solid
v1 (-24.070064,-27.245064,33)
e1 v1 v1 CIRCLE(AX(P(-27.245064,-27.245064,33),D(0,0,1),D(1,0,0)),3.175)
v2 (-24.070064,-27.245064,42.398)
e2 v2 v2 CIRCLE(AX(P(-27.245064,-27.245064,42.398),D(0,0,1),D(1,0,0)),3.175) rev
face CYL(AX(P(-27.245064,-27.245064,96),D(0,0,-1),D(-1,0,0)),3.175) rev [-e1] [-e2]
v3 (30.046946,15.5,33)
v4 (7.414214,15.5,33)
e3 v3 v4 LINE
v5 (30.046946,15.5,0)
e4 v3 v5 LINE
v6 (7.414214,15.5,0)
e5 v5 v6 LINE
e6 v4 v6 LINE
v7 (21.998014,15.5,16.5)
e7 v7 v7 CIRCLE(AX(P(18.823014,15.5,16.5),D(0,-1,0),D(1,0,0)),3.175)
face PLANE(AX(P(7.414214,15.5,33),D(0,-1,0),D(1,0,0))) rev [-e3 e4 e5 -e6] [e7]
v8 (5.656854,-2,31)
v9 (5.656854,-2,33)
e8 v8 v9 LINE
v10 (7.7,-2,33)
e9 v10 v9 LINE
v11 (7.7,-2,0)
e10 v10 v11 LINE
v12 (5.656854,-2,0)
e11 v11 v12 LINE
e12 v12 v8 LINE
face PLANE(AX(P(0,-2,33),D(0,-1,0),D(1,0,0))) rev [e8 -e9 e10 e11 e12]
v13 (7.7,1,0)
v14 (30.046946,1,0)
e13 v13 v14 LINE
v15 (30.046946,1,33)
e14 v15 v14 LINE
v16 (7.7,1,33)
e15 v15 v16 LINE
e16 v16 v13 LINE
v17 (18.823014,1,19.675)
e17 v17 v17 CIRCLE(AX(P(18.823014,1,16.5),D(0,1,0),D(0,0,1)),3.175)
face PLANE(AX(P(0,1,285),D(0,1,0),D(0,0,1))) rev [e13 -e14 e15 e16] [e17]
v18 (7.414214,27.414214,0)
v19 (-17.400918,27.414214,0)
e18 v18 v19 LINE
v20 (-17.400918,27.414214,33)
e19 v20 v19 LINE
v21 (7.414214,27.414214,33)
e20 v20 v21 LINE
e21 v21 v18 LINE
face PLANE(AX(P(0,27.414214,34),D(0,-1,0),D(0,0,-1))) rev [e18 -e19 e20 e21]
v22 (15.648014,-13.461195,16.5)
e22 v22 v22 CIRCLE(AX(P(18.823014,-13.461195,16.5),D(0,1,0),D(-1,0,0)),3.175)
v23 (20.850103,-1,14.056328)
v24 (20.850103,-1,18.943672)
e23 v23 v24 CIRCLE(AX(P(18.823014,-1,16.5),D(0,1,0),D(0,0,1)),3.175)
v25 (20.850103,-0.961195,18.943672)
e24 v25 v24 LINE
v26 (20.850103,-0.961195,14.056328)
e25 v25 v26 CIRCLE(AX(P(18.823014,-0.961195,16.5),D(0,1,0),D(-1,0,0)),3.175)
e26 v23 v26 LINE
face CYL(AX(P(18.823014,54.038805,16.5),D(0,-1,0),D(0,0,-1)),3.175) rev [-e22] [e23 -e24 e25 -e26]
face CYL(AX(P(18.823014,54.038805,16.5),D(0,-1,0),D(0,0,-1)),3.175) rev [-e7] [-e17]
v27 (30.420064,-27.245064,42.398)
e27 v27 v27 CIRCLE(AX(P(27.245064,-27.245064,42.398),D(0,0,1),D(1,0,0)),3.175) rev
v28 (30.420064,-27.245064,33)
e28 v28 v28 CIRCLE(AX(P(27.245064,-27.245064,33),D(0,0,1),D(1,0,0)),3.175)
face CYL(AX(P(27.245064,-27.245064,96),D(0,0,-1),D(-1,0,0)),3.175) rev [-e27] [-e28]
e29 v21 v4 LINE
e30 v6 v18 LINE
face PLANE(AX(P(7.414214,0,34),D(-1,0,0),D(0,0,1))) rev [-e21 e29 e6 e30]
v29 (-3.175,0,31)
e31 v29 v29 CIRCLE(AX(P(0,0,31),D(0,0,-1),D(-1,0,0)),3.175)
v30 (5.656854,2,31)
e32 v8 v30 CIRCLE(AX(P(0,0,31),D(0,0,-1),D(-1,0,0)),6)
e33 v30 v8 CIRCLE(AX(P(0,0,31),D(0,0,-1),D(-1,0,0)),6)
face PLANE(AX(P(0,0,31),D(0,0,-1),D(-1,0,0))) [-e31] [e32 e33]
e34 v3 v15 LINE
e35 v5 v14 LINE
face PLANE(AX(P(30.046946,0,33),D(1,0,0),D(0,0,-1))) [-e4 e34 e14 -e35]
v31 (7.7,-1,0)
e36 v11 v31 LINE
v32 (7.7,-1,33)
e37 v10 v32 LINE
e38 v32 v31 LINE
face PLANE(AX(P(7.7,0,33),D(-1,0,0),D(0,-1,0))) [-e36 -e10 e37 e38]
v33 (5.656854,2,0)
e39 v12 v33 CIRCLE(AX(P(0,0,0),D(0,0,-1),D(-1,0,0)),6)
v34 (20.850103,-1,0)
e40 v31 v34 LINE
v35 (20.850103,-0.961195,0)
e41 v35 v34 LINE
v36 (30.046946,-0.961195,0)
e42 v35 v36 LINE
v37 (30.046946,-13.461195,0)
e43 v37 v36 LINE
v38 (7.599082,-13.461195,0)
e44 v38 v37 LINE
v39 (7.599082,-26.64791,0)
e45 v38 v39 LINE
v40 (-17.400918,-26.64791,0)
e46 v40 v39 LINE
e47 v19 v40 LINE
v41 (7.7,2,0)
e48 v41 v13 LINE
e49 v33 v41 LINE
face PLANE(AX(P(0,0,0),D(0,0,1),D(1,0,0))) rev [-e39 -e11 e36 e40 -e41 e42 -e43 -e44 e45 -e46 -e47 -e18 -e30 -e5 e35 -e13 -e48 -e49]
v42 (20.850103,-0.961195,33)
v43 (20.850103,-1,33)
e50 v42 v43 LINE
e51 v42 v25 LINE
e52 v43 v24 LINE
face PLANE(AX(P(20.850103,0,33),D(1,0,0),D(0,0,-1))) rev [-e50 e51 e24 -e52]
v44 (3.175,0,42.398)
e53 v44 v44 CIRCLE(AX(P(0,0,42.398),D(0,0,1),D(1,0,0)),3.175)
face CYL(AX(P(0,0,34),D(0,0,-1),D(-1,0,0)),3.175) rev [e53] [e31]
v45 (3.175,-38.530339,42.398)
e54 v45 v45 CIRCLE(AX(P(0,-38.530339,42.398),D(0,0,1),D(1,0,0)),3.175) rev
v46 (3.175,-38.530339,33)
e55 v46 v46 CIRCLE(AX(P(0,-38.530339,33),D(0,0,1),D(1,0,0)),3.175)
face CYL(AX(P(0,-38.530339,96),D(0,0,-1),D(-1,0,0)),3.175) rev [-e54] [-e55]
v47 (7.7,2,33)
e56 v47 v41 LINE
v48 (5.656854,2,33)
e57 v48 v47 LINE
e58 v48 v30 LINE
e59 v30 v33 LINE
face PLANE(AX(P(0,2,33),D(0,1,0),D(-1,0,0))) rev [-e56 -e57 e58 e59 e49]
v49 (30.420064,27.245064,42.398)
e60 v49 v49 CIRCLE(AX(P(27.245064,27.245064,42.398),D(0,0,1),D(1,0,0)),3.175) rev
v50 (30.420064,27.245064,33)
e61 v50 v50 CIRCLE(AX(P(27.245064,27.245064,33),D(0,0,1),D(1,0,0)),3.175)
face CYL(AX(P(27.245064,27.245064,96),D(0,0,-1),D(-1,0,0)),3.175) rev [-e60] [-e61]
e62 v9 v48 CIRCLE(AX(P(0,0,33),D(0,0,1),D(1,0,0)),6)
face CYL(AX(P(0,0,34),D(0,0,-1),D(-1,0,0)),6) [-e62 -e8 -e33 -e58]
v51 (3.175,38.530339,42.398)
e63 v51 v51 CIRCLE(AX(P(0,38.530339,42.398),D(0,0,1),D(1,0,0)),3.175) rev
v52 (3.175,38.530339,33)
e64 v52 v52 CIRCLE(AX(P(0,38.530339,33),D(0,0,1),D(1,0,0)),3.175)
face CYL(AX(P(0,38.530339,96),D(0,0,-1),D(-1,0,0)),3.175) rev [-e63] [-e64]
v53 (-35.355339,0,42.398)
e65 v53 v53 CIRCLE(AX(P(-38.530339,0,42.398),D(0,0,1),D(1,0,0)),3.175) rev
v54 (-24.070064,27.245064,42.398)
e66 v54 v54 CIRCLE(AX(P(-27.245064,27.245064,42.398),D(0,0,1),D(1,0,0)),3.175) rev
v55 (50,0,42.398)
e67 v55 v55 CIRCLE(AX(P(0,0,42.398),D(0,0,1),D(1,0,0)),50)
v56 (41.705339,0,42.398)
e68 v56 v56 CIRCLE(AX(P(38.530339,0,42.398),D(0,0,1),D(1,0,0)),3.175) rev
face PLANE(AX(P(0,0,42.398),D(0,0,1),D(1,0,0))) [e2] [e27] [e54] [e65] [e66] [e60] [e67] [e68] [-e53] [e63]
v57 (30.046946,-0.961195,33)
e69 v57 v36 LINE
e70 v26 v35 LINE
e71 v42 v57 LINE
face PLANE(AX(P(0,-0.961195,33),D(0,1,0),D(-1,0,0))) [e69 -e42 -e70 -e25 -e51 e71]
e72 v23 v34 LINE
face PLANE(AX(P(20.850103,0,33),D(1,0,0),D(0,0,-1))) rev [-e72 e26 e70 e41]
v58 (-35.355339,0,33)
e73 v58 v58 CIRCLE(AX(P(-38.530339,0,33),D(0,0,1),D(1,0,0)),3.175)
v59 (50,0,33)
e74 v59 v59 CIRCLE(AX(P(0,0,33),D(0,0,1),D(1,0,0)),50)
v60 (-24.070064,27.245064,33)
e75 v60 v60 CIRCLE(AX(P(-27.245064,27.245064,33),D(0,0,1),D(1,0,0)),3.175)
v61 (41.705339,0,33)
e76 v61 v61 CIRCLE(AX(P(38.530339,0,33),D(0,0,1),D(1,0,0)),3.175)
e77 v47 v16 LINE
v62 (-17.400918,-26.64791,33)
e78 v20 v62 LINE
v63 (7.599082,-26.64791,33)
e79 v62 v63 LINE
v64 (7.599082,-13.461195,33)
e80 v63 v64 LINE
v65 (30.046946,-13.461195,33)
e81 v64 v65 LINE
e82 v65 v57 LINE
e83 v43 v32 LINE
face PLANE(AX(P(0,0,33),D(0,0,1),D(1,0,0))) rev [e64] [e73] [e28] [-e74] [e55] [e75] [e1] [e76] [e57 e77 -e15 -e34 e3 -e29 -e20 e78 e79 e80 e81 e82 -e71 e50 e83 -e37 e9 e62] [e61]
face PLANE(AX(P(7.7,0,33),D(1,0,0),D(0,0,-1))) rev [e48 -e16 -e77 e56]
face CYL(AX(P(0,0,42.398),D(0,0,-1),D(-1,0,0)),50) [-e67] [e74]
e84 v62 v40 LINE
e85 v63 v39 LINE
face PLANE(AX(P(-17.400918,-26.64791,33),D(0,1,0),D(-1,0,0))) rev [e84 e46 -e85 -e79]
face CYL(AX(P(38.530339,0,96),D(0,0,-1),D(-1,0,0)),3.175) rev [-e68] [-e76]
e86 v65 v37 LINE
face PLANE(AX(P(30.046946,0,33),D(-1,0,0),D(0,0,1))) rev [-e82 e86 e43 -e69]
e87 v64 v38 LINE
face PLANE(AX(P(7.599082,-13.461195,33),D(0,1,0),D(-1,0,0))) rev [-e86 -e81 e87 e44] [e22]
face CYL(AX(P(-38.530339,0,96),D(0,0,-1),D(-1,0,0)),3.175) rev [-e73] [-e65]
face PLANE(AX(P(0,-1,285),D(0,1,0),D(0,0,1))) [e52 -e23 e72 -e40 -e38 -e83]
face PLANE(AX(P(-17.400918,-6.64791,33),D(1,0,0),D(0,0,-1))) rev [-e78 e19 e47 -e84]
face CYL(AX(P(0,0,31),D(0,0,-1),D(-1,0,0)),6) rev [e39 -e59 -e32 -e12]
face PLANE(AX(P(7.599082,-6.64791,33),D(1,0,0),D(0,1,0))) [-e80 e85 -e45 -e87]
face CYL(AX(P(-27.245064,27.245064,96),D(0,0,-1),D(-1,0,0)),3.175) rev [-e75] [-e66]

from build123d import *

# Parameters (mm, degrees)
SKETCH_1_W           = 30
SKETCH_1_H           = 14.828427124
EXTRUDE_2_DEPTH      = 33
CUT_EXTRUDE_9_DEPTH  = 46
CUT_EXTRUDE_10_DEPTH = 30
CUT_EXTRUDE_12_DEPTH = 40
CUT_EXTRUDE_13_DEPTH = 46
CUT_EXTRUDE_18_DEPTH = 285
SKETCH_12_R          = 50
EXTRUDE_7_DEPTH      = 9.398
SKETCH_12_5_R        = 3.175
CUT_EXTRUDE_27_DEPTH = 63
SKETCH_20_R          = 6
SKETCH_20_R_2        = 3.175
EXTRUDE_9_DEPTH      = 3
SKETCH_1_26_W        = 11
SKETCH_1_26_H        = 2
CUT_EXTRUDE_29_DEPTH = 31
SKETCH_1_27_W        = 11
SKETCH_1_27_H        = 2
CUT_EXTRUDE_30_DEPTH = 33
CUT_EXTRUDE_31_DEPTH = 33
CUT_EXTRUDE_32_DEPTH = 33
SKETCH_21_R          = 6
SKETCH_21_R_2        = 3.175
EXTRUDE_11_DEPTH     = 34
SKETCH_21_5_R        = 6
SKETCH_21_5_R_2      = 3.175
CUT_EXTRUDE_34_DEPTH = 31
SKETCH_22_R          = 3.175
CUT_EXTRUDE_35_DEPTH = 31
SKETCH_24_W          = 25
SKETCH_24_H          = 20
EXTRUDE_12_DEPTH     = 33
EXTRUDE_13_DEPTH     = 34
SKETCH_25_W          = 9.1968428
SKETCH_25_H          = 2.038804585
SKETCH_25_H_2        = 2
EXTRUDE_14_DEPTH     = 33
EXTRUDE_15_DEPTH     = 36
SKETCH_28_W          = 22.632732516
SKETCH_28_H          = 2.5
SKETCH_28_W_2        = 22.447864345
CUT_EXTRUDE_43_DEPTH = 33
SKETCH_1_32_W        = 0.7
SKETCH_1_32_H        = 1
CUT_EXTRUDE_45_DEPTH = 33
SKETCH_27_R          = 3.175
CUT_EXTRUDE_46_DEPTH = 70


with BuildPart() as part:
    # 草图1 → 凸台-拉伸2 (new body)
    with BuildSketch(Plane.XY):
        with Locations((7.585786438, 0)):
            Rectangle(SKETCH_1_W, SKETCH_1_H)
    extrude(amount=EXTRUDE_2_DEPTH)

    # 草图1<11> → 切除-拉伸9 (cut)
    with BuildSketch(Plane.XY):
        with BuildLine():
            Line((0, -2), (0, 0))
            Line((0, 0), (-6, 0))
            ThreePointArc((-6, 0), (-4.242640687, -4.242640687), (0, -6))
            ThreePointArc((0, -6), (3.464101615, -4.898979486), (5.656854249, -2))
            Line((5.656854249, -2), (0, -2))
        make_face()
    extrude(amount=CUT_EXTRUDE_9_DEPTH, mode=Mode.SUBTRACT)

    # 草图1<12> → 切除-拉伸10 (cut)
    with BuildSketch(Plane.XY):
        with BuildLine():
            Line((-6, 0), (0, 0))
            Line((0, 0), (0, 2))
            Line((0, 2), (0, 6))
            ThreePointArc((0, 6), (-4.242640687, 4.242640687), (-6, 0))
        make_face()
    extrude(amount=CUT_EXTRUDE_10_DEPTH, mode=Mode.SUBTRACT)

    # 草图1<14> → 切除-拉伸12 (cut)
    with BuildSketch(Plane.XY):
        with BuildLine():
            Line((6, 0), (0, 0))
            Line((0, 0), (0, -2))
            Line((0, -2), (5.656854249, -2))
            ThreePointArc((5.656854249, -2), (5.913591358, -1.014611872), (6, 0))
        make_face()
    extrude(amount=CUT_EXTRUDE_12_DEPTH, mode=Mode.SUBTRACT)

    # 草图1<15> → 切除-拉伸13 (cut)
    with BuildSketch(Plane.XY):
        with BuildLine():
            Line((0, 6), (0, 2))
            Line((0, 2), (5.656854249, 2))
            ThreePointArc((5.656854249, 2), (3.464101615, 4.898979486), (0, 6))
        make_face()
    extrude(amount=CUT_EXTRUDE_13_DEPTH, mode=Mode.SUBTRACT)

    # 草图1<20> → 切除-拉伸18 (cut)
    with BuildSketch(Plane.XY):
        with BuildLine():
            ThreePointArc((7.414213562, 7.414213562), (9.005239827, 5.370919954), (10.046946078, 3))
            Line((10.046946078, 3), (18, 3))
            Line((18, 3), (20.850103278, 3))
            Line((20.850103278, 3), (20.850103278, 1))
            Line((20.850103278, 1), (18, 1))
            Line((18, 1), (18, -1))
            Line((18, -1), (20.850103278, -1))
            Line((20.850103278, -1), (20.850103278, -3))
            Line((20.850103278, -3), (18, -3))
            Line((18, -3), (10.046946078, -3))
            ThreePointArc((10.046946078, -3), (9.005239827, -5.370919954), (7.414213562, -7.414213562))
            Line((7.414213562, -7.414213562), (22.585786438, -7.414213562))
            Line((22.585786438, -7.414213562), (22.585786438, 7.414213562))
            Line((22.585786438, 7.414213562), (7.414213562, 7.414213562))
        make_face()
    extrude(amount=CUT_EXTRUDE_18_DEPTH, mode=Mode.SUBTRACT)

    # 草图12 → 凸台-拉伸7 (add)
    with BuildSketch(Plane.XY.offset(33)):
        Circle(SKETCH_12_R)
    extrude(amount=EXTRUDE_7_DEPTH)

    # 草图12<5> → 切除-拉伸27 (cut)
    with BuildSketch(Plane.XY.offset(33)):
        with Locations((0, 38.530339059)):
            Circle(SKETCH_12_5_R)
        with Locations((-27.24506403, 27.24506403)):
            Circle(SKETCH_12_5_R)
        with Locations((27.24506403, -27.24506403)):
            Circle(SKETCH_12_5_R)
        with Locations((-38.530339059, 0)):
            Circle(SKETCH_12_5_R)
        with Locations((38.530339059, 0)):
            Circle(SKETCH_12_5_R)
        with Locations((0, -38.530339059)):
            Circle(SKETCH_12_5_R)
        with Locations((-27.24506403, -27.24506403)):
            Circle(SKETCH_12_5_R)
        with Locations((27.24506403, 27.24506403)):
            Circle(SKETCH_12_5_R)
    extrude(amount=CUT_EXTRUDE_27_DEPTH, mode=Mode.SUBTRACT)

    # 草图20 → 凸台-拉伸9 (add)
    with BuildSketch(Plane(origin=(0, 0, 0), x_dir=(-1, 0, 0), z_dir=(0, 0, -1))):
        Circle(SKETCH_20_R)
        Circle(SKETCH_20_R_2, mode=Mode.SUBTRACT)
    extrude(amount=-EXTRUDE_9_DEPTH)

    # 草图1<26> → 切除-拉伸29 (cut)
    with BuildSketch(Plane.XY):
        with Locations((12.5, 0)):
            Rectangle(SKETCH_1_26_W, SKETCH_1_26_H)
    extrude(amount=CUT_EXTRUDE_29_DEPTH, mode=Mode.SUBTRACT)

    # 草图1<27> → 切除-拉伸30 (cut)
    with BuildSketch(Plane.XY):
        with BuildLine():
            Line((0, 2), (0, 0))
            Line((0, 0), (6, 0))
            ThreePointArc((6, 0), (5.913591358, 1.014611872), (5.656854249, 2))
            Line((5.656854249, 2), (0, 2))
        make_face()
        with Locations((12.5, 0)):
            Rectangle(SKETCH_1_27_W, SKETCH_1_27_H)
    extrude(amount=CUT_EXTRUDE_30_DEPTH, mode=Mode.SUBTRACT)

    # 草图1<28> → 切除-拉伸31 (cut)
    with BuildSketch(Plane.XY):
        with BuildLine():
            Line((6, 0), (0, 0))
            Line((0, 0), (0, -2))
            Line((0, -2), (7, -2))
            Line((7, -2), (7, 2))
            Line((7, 2), (5.656854249, 2))
            ThreePointArc((5.656854249, 2), (5.913591358, 1.014611872), (6, 0))
        make_face()
        with BuildLine():
            Line((-6, 0), (0, 0))
            Line((0, 0), (0, 6))
            ThreePointArc((0, 6), (-4.242640687, 4.242640687), (-6, 0))
        make_face()
    extrude(amount=CUT_EXTRUDE_31_DEPTH, mode=Mode.SUBTRACT)

    # 草图1<29> → 切除-拉伸32 (cut)
    with BuildSketch(Plane.XY):
        with BuildLine():
            Line((0, -2), (0, 0))
            Line((0, 0), (-6, 0))
            ThreePointArc((-6, 0), (-1.014611872, -5.913591358), (5.656854249, -2))
            Line((5.656854249, -2), (0, -2))
        make_face()
        with BuildLine():
            Line((0, 6), (0, 2))
            Line((0, 2), (5.656854249, 2))
            ThreePointArc((5.656854249, 2), (3.464101615, 4.898979486), (0, 6))
        make_face()
    extrude(amount=CUT_EXTRUDE_32_DEPTH, mode=Mode.SUBTRACT)

    # 草图21 → 凸台-拉伸11 (add)
    with BuildSketch(Plane(origin=(0, 0, 0), x_dir=(-1, 0, 0), z_dir=(0, 0, -1))):
        Circle(SKETCH_21_R)
        Circle(SKETCH_21_R_2, mode=Mode.SUBTRACT)
    extrude(amount=-EXTRUDE_11_DEPTH)

    # 草图21<5> → 切除-拉伸34 (cut)
    with BuildSketch(Plane(origin=(0, 0, 0), x_dir=(-1, 0, 0), z_dir=(0, 0, -1))):
        Circle(SKETCH_21_5_R)
        Circle(SKETCH_21_5_R_2, mode=Mode.SUBTRACT)
    extrude(amount=-CUT_EXTRUDE_34_DEPTH, mode=Mode.SUBTRACT)

    # 草图22 → 切除-拉伸35 (cut)
    with BuildSketch(Plane(origin=(0, 0, 33), x_dir=(-1, 0, 0), z_dir=(0, 0, -1))):
        Circle(SKETCH_22_R)
    extrude(amount=-CUT_EXTRUDE_35_DEPTH, mode=Mode.SUBTRACT)

    # 草图24 → 凸台-拉伸12 (add)
    with BuildSketch(Plane(origin=(0, 0, 0), x_dir=(-1, 0, 0), z_dir=(0, 0, -1))):
        with Locations((4.900918267, -16.64791006)):
            Rectangle(SKETCH_24_W, SKETCH_24_H)
    extrude(amount=-EXTRUDE_12_DEPTH)

    # 草图24<3> → 凸台-拉伸13 (add)
    with BuildSketch(Plane(origin=(0, 0, 0), x_dir=(-1, 0, 0), z_dir=(0, 0, -1))):
        Polygon((-7.414213562, 27.414213562), (-7.414213562, 7.414213562), (7.414213562, 7.414213562), (7.414213562, -6.64791006), (17.400918267, -6.64791006), (17.400918267, 27.414213562), align=None)
    extrude(amount=-EXTRUDE_13_DEPTH)

    # 草图25 → 凸台-拉伸14 (add)
    with BuildSketch(Plane(origin=(0, 0, 0), x_dir=(-1, 0, 0), z_dir=(0, 0, -1))):
        with Locations((-25.448524678, -1.980597708)):
            Rectangle(SKETCH_25_W, SKETCH_25_H)
        with Locations((-25.448524678, 2)):
            Rectangle(SKETCH_25_W, SKETCH_25_H_2)
    extrude(amount=-EXTRUDE_14_DEPTH)

    # 草图26 → 凸台-拉伸15 (add)
    with BuildSketch(Plane(origin=(0, 0, 0), x_dir=(-1, 0, 0), z_dir=(0, 0, -1))):
        with BuildLine():
            Line((-10.046946078, -3), (-30.046946078, -3))
            Line((-30.046946078, -3), (-30.046946078, -15.961195415))
            Line((-30.046946078, -15.961195415), (-7.599081733, -15.961195415))
            Line((-7.599081733, -15.961195415), (-7.599081733, -7.224616412))
            ThreePointArc((-7.599081733, -7.224616412), (-9.072343707, -5.256777069), (-10.046946078, -3))
        make_face()
        with BuildLine():
            Line((-30.046946078, 18), (-30.046946078, 3))
            Line((-30.046946078, 3), (-10.046946078, 3))
            ThreePointArc((-10.046946078, 3), (-9.005239827, 5.370919954), (-7.414213562, 7.414213562))
            Line((-7.414213562, 7.414213562), (-7.414213562, 18))
            Line((-7.414213562, 18), (-30.046946078, 18))
        make_face()
    extrude(amount=-EXTRUDE_15_DEPTH)

    # 草图28 → 切除-拉伸43 (cut)
    with BuildSketch(Plane(origin=(0, 0, 0), x_dir=(-1, 0, 0), z_dir=(0, 0, -1))):
        with Locations((-18.73057982, 16.75)):
            Rectangle(SKETCH_28_W, SKETCH_28_H)
        with Locations((-18.823013906, -14.711195415)):
            Rectangle(SKETCH_28_W_2, SKETCH_28_H)
    extrude(amount=-CUT_EXTRUDE_43_DEPTH, mode=Mode.SUBTRACT)

    # 草图1<32> → 切除-拉伸45 (cut)
    with BuildSketch(Plane.XY):
        with Locations((7.35, -1.5)):
            Rectangle(SKETCH_1_32_W, SKETCH_1_32_H)
        with Locations((7.35, 1.5)):
            Rectangle(SKETCH_1_32_W, SKETCH_1_32_H)
    extrude(amount=CUT_EXTRUDE_45_DEPTH, mode=Mode.SUBTRACT)

    # 草图27 → 切除-拉伸46 (cut)
    with BuildSketch(Plane.XZ.offset(15.961195415)):
        with Locations((18.823013906, 16.5)):
            Circle(SKETCH_27_R)
    extrude(amount=-CUT_EXTRUDE_46_DEPTH, mode=Mode.SUBTRACT)


solid = part.part
